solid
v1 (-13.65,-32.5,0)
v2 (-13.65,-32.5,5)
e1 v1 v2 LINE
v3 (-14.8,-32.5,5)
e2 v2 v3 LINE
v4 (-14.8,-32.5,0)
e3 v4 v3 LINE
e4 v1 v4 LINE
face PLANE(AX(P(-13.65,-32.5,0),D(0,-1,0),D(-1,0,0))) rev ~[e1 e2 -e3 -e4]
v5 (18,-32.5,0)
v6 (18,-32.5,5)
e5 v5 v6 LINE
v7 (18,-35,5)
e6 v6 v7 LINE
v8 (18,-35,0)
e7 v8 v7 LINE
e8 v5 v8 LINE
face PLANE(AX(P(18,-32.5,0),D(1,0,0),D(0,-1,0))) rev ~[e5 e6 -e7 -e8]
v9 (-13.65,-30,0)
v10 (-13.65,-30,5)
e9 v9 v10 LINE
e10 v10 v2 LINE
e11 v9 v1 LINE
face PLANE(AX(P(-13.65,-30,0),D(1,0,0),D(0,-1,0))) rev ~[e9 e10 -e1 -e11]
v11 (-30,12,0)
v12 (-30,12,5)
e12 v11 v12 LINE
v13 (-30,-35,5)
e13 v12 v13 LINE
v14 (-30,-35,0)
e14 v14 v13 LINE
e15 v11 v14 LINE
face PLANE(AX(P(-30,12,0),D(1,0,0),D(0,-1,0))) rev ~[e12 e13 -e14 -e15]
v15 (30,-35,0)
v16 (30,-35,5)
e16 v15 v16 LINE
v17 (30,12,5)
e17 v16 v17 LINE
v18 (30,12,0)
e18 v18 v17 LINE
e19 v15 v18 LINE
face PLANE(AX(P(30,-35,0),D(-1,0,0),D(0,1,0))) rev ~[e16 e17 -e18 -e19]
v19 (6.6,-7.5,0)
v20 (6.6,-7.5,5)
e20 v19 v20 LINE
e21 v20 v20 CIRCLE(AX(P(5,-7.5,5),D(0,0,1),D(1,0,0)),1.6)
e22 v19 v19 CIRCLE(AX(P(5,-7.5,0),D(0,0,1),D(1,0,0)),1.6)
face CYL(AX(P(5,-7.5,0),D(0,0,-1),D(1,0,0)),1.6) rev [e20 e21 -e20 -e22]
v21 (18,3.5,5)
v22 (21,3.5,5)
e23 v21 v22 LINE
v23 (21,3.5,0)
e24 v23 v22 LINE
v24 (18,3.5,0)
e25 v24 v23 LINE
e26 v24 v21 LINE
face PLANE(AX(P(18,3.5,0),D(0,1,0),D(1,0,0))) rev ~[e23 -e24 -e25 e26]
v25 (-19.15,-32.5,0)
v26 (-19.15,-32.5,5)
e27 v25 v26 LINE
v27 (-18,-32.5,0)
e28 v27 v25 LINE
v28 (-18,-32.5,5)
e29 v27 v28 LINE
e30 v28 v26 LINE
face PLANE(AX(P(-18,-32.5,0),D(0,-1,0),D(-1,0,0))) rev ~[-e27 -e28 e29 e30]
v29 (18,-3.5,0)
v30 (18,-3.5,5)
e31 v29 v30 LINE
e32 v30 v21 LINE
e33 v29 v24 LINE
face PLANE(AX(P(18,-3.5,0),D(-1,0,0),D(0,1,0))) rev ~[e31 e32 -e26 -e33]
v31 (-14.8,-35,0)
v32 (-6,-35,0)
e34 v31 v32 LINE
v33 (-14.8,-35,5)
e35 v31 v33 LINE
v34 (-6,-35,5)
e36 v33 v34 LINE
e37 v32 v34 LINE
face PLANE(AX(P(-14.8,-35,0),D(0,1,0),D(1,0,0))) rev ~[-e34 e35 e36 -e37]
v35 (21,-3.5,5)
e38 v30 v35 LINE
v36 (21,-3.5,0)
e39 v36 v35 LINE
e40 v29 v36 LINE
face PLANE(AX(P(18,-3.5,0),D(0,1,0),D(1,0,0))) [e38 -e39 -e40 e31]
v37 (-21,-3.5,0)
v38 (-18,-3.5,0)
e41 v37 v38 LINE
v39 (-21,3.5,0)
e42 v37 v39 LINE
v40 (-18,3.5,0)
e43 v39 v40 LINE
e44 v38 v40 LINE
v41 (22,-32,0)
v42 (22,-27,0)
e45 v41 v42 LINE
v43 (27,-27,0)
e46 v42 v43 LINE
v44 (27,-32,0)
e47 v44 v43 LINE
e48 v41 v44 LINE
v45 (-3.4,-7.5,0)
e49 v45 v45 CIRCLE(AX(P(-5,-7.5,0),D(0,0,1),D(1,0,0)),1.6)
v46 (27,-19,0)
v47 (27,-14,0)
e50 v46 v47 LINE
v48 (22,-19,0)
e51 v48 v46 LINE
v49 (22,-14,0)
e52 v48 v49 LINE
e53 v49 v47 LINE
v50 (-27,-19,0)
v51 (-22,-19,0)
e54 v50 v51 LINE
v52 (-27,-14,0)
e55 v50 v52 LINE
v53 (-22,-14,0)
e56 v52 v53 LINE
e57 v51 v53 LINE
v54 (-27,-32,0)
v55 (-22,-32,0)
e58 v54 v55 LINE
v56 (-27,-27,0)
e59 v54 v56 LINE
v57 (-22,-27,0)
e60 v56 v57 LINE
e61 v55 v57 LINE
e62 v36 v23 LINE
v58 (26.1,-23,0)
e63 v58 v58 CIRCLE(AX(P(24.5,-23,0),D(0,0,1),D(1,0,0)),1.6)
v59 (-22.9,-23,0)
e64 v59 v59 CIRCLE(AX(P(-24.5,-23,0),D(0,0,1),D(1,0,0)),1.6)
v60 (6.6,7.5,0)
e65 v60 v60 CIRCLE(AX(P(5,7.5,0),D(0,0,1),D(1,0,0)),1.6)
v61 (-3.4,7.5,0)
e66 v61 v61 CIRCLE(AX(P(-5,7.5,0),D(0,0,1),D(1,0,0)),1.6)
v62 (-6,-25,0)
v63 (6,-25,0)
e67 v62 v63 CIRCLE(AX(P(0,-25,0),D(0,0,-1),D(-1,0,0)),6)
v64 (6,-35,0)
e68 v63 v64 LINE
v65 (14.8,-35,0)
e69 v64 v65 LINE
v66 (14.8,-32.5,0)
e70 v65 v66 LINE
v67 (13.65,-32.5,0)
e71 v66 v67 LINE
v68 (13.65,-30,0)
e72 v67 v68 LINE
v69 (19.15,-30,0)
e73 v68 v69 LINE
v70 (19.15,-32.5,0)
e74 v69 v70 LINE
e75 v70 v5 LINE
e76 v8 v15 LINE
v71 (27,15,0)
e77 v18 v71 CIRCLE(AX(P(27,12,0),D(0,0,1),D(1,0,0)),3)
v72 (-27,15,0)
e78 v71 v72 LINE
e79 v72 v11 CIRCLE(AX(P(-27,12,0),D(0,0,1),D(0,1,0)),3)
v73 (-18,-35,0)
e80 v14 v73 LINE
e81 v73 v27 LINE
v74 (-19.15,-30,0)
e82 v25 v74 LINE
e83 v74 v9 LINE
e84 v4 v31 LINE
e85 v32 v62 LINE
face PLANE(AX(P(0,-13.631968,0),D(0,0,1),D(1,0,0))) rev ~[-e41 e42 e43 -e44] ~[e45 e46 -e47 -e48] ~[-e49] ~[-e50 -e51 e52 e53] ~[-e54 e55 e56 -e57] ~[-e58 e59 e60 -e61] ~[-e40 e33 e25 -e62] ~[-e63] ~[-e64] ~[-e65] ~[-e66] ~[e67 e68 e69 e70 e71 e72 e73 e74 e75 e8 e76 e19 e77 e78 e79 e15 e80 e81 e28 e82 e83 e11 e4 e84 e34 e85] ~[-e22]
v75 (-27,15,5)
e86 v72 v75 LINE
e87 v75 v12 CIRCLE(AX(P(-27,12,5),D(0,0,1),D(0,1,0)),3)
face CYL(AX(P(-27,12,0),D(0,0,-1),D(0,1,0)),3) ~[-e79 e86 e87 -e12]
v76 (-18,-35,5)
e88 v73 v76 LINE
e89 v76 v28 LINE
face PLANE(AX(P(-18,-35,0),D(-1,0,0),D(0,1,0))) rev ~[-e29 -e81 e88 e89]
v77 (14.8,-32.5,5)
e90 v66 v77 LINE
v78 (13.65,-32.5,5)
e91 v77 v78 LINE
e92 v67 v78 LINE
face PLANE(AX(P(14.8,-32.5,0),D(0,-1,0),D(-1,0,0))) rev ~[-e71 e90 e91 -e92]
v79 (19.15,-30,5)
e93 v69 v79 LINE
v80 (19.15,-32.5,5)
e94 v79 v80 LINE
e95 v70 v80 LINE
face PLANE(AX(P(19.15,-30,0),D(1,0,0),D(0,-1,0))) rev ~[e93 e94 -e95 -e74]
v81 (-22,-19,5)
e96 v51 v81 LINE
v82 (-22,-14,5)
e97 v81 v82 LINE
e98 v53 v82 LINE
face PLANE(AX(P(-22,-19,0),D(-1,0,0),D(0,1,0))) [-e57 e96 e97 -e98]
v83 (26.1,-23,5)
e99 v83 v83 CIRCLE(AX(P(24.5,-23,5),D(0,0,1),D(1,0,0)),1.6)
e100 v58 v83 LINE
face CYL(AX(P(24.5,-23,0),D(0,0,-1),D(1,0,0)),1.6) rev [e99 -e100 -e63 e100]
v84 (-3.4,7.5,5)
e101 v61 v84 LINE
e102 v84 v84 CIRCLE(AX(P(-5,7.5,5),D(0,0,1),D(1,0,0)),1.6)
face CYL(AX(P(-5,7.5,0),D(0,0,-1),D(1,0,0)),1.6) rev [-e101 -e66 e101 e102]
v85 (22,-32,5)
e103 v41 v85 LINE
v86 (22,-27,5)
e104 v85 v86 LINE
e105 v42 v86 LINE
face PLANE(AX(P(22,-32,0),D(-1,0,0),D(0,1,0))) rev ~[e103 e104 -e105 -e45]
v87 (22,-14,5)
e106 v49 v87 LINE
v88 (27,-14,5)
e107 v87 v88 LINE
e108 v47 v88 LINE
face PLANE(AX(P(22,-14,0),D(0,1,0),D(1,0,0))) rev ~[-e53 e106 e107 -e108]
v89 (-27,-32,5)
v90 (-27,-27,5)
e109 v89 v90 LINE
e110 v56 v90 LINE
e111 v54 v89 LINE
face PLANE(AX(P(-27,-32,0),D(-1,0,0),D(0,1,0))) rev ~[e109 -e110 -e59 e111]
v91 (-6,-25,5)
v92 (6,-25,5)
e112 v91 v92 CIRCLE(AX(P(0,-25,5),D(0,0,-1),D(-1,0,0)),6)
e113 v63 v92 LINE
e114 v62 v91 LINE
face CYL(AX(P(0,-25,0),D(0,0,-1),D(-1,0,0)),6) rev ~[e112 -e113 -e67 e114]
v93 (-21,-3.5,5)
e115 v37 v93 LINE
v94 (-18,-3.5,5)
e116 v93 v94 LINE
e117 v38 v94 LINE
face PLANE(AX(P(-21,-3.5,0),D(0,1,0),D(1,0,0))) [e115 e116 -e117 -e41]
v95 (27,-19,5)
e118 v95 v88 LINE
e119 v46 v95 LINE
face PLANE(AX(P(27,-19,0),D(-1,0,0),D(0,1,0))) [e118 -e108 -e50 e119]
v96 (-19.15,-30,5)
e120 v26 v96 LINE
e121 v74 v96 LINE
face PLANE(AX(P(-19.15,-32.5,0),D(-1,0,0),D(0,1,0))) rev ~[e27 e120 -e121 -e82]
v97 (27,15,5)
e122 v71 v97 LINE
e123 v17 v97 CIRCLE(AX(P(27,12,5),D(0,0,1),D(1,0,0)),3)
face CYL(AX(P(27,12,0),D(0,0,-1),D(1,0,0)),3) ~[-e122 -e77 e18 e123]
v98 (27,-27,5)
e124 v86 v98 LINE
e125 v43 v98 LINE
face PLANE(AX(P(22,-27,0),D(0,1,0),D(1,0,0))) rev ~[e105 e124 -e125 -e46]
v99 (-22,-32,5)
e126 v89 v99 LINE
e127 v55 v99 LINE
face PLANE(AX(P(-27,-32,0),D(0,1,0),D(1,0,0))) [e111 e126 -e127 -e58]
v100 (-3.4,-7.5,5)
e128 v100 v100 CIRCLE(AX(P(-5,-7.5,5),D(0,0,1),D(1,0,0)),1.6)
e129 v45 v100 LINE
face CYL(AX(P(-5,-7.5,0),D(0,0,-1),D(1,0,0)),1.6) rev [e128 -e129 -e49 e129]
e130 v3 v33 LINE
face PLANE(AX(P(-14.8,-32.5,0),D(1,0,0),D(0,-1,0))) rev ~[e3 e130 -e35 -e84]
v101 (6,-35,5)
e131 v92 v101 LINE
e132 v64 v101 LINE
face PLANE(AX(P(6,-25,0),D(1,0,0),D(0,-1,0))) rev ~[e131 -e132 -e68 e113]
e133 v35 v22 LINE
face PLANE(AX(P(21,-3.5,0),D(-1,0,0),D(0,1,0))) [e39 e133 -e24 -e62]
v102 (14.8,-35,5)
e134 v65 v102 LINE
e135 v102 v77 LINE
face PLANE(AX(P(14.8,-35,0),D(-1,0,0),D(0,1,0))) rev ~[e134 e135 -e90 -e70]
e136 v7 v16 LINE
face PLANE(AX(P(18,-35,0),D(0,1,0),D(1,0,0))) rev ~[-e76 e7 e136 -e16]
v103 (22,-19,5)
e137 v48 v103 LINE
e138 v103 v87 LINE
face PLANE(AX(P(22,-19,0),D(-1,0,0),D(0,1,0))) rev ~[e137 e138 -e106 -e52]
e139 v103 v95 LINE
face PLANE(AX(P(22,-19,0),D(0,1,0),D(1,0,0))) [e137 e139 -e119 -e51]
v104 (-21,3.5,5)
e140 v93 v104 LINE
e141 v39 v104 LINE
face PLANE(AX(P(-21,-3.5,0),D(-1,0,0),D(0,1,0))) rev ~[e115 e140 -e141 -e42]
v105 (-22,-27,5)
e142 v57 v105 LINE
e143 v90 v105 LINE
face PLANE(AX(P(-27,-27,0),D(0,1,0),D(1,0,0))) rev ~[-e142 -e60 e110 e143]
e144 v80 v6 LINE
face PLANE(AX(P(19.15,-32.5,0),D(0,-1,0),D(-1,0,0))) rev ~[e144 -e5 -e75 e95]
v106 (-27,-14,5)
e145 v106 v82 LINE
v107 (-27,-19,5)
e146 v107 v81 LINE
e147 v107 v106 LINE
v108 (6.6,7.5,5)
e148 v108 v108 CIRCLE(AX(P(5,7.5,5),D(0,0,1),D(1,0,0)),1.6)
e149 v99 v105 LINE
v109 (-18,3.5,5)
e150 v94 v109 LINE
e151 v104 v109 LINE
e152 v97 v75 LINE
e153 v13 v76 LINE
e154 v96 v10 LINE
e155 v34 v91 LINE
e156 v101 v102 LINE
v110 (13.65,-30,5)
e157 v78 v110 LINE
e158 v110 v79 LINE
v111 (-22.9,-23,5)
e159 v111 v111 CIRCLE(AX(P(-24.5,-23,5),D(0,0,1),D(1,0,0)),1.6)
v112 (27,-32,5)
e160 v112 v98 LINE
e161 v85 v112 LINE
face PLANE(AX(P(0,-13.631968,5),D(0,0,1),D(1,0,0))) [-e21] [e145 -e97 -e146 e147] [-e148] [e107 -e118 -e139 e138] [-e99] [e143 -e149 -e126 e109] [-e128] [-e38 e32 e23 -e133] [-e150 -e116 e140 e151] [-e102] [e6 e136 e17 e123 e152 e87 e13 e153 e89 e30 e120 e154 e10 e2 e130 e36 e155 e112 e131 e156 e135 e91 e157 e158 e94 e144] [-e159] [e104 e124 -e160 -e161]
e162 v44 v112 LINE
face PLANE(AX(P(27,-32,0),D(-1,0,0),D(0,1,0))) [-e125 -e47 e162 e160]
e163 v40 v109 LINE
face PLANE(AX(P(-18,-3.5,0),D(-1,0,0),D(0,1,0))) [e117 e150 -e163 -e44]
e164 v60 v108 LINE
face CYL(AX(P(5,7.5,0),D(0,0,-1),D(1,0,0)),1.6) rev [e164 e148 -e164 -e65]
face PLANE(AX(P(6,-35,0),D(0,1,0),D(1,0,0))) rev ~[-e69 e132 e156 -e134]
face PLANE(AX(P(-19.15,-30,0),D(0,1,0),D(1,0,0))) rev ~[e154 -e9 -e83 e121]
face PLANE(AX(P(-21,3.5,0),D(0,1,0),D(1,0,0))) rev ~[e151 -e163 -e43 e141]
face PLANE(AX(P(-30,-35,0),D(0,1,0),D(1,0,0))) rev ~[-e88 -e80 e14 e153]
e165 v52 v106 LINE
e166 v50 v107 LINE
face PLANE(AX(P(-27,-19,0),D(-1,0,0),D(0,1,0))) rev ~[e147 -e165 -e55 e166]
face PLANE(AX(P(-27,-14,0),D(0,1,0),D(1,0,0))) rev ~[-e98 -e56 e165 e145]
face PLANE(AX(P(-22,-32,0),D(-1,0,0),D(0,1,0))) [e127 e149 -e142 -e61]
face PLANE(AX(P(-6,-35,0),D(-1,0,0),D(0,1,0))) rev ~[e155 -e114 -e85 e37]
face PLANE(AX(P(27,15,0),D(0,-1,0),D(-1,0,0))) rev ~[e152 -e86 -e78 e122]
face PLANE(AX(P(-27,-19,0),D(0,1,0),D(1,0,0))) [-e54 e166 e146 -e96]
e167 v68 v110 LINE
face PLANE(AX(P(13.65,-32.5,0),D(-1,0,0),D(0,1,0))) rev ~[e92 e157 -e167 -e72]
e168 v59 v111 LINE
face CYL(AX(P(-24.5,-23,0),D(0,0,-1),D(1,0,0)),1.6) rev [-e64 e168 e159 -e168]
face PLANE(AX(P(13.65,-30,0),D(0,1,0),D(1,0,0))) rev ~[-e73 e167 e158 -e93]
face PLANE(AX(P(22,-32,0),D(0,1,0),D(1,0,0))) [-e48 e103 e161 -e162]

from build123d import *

# Parameters (mm, degrees)
F1_W     = 5
F1_H     = 5
F1_R     = 1.6
F1_W_2   = 3
F1_H_2   = 7
F2_DEPTH = 5


with BuildPart() as f2:
    # F1 (on Top) → F2 (new body)
    with BuildSketch(Plane.XY):
        with BuildLine():
            ThreePointArc((30, 12), (29.1213203436, 14.1213203436), (27, 15))
            Line((27, 15), (-27, 15))
            ThreePointArc((-27, 15), (-29.1213203436, 14.1213203436), (-30, 12))
            Line((-30, 12), (-30, -35))
            Line((-30, -35), (-18, -35))
            Line((-18, -35), (-18, -32.5))
            Line((-18, -32.5), (-19.15, -32.5))
            Line((-19.15, -32.5), (-19.15, -30))
            Line((-19.15, -30), (-16.4, -30))
            Line((-16.4, -30), (-13.65, -30))
            Line((-13.65, -30), (-13.65, -32.5))
            Line((-13.65, -32.5), (-14.8, -32.5))
            Line((-14.8, -32.5), (-14.8, -35))
            Line((-14.8, -35), (-6, -35))
            Line((-6, -35), (-6, -25))
            ThreePointArc((-6, -25), (0, -19), (6, -25))
            Line((6, -25), (6, -35))
            Line((6, -35), (14.8, -35))
            Line((14.8, -35), (14.8, -32.5))
            Line((14.8, -32.5), (13.65, -32.5))
            Line((13.65, -32.5), (13.65, -30))
            Line((13.65, -30), (16.4, -30))
            Line((16.4, -30), (19.15, -30))
            Line((19.15, -30), (19.15, -32.5))
            Line((19.15, -32.5), (18, -32.5))
            Line((18, -32.5), (18, -35))
            Line((18, -35), (30, -35))
            Line((30, -35), (30, 12))
        make_face()
        with Locations((-24.5, -29.5)):
            Rectangle(F1_W, F1_H, mode=Mode.SUBTRACT)
        with Locations((-24.5, -23)):
            Circle(F1_R, mode=Mode.SUBTRACT)
        with Locations((-24.5, -16.5)):
            Rectangle(F1_W, F1_H, mode=Mode.SUBTRACT)
        with Locations((24.5, -29.5)):
            Rectangle(F1_W, F1_H, mode=Mode.SUBTRACT)
        with Locations((24.5, -23)):
            Circle(F1_R, mode=Mode.SUBTRACT)
        with Locations((24.5, -16.5)):
            Rectangle(F1_W, F1_H, mode=Mode.SUBTRACT)
        with Locations((-19.5, 0)):
            Rectangle(F1_W_2, F1_H_2, mode=Mode.SUBTRACT)
        with Locations((-5, -7.5)):
            Circle(F1_R, mode=Mode.SUBTRACT)
        with Locations((-5, 7.5)):
            Circle(F1_R, mode=Mode.SUBTRACT)
        with Locations((5, -7.5)):
            Circle(F1_R, mode=Mode.SUBTRACT)
        with Locations((19.5, 0)):
            Rectangle(F1_W_2, F1_H_2, mode=Mode.SUBTRACT)
        with Locations((5, 7.5)):
            Circle(F1_R, mode=Mode.SUBTRACT)
    extrude(amount=F2_DEPTH)


solid = f2.part
